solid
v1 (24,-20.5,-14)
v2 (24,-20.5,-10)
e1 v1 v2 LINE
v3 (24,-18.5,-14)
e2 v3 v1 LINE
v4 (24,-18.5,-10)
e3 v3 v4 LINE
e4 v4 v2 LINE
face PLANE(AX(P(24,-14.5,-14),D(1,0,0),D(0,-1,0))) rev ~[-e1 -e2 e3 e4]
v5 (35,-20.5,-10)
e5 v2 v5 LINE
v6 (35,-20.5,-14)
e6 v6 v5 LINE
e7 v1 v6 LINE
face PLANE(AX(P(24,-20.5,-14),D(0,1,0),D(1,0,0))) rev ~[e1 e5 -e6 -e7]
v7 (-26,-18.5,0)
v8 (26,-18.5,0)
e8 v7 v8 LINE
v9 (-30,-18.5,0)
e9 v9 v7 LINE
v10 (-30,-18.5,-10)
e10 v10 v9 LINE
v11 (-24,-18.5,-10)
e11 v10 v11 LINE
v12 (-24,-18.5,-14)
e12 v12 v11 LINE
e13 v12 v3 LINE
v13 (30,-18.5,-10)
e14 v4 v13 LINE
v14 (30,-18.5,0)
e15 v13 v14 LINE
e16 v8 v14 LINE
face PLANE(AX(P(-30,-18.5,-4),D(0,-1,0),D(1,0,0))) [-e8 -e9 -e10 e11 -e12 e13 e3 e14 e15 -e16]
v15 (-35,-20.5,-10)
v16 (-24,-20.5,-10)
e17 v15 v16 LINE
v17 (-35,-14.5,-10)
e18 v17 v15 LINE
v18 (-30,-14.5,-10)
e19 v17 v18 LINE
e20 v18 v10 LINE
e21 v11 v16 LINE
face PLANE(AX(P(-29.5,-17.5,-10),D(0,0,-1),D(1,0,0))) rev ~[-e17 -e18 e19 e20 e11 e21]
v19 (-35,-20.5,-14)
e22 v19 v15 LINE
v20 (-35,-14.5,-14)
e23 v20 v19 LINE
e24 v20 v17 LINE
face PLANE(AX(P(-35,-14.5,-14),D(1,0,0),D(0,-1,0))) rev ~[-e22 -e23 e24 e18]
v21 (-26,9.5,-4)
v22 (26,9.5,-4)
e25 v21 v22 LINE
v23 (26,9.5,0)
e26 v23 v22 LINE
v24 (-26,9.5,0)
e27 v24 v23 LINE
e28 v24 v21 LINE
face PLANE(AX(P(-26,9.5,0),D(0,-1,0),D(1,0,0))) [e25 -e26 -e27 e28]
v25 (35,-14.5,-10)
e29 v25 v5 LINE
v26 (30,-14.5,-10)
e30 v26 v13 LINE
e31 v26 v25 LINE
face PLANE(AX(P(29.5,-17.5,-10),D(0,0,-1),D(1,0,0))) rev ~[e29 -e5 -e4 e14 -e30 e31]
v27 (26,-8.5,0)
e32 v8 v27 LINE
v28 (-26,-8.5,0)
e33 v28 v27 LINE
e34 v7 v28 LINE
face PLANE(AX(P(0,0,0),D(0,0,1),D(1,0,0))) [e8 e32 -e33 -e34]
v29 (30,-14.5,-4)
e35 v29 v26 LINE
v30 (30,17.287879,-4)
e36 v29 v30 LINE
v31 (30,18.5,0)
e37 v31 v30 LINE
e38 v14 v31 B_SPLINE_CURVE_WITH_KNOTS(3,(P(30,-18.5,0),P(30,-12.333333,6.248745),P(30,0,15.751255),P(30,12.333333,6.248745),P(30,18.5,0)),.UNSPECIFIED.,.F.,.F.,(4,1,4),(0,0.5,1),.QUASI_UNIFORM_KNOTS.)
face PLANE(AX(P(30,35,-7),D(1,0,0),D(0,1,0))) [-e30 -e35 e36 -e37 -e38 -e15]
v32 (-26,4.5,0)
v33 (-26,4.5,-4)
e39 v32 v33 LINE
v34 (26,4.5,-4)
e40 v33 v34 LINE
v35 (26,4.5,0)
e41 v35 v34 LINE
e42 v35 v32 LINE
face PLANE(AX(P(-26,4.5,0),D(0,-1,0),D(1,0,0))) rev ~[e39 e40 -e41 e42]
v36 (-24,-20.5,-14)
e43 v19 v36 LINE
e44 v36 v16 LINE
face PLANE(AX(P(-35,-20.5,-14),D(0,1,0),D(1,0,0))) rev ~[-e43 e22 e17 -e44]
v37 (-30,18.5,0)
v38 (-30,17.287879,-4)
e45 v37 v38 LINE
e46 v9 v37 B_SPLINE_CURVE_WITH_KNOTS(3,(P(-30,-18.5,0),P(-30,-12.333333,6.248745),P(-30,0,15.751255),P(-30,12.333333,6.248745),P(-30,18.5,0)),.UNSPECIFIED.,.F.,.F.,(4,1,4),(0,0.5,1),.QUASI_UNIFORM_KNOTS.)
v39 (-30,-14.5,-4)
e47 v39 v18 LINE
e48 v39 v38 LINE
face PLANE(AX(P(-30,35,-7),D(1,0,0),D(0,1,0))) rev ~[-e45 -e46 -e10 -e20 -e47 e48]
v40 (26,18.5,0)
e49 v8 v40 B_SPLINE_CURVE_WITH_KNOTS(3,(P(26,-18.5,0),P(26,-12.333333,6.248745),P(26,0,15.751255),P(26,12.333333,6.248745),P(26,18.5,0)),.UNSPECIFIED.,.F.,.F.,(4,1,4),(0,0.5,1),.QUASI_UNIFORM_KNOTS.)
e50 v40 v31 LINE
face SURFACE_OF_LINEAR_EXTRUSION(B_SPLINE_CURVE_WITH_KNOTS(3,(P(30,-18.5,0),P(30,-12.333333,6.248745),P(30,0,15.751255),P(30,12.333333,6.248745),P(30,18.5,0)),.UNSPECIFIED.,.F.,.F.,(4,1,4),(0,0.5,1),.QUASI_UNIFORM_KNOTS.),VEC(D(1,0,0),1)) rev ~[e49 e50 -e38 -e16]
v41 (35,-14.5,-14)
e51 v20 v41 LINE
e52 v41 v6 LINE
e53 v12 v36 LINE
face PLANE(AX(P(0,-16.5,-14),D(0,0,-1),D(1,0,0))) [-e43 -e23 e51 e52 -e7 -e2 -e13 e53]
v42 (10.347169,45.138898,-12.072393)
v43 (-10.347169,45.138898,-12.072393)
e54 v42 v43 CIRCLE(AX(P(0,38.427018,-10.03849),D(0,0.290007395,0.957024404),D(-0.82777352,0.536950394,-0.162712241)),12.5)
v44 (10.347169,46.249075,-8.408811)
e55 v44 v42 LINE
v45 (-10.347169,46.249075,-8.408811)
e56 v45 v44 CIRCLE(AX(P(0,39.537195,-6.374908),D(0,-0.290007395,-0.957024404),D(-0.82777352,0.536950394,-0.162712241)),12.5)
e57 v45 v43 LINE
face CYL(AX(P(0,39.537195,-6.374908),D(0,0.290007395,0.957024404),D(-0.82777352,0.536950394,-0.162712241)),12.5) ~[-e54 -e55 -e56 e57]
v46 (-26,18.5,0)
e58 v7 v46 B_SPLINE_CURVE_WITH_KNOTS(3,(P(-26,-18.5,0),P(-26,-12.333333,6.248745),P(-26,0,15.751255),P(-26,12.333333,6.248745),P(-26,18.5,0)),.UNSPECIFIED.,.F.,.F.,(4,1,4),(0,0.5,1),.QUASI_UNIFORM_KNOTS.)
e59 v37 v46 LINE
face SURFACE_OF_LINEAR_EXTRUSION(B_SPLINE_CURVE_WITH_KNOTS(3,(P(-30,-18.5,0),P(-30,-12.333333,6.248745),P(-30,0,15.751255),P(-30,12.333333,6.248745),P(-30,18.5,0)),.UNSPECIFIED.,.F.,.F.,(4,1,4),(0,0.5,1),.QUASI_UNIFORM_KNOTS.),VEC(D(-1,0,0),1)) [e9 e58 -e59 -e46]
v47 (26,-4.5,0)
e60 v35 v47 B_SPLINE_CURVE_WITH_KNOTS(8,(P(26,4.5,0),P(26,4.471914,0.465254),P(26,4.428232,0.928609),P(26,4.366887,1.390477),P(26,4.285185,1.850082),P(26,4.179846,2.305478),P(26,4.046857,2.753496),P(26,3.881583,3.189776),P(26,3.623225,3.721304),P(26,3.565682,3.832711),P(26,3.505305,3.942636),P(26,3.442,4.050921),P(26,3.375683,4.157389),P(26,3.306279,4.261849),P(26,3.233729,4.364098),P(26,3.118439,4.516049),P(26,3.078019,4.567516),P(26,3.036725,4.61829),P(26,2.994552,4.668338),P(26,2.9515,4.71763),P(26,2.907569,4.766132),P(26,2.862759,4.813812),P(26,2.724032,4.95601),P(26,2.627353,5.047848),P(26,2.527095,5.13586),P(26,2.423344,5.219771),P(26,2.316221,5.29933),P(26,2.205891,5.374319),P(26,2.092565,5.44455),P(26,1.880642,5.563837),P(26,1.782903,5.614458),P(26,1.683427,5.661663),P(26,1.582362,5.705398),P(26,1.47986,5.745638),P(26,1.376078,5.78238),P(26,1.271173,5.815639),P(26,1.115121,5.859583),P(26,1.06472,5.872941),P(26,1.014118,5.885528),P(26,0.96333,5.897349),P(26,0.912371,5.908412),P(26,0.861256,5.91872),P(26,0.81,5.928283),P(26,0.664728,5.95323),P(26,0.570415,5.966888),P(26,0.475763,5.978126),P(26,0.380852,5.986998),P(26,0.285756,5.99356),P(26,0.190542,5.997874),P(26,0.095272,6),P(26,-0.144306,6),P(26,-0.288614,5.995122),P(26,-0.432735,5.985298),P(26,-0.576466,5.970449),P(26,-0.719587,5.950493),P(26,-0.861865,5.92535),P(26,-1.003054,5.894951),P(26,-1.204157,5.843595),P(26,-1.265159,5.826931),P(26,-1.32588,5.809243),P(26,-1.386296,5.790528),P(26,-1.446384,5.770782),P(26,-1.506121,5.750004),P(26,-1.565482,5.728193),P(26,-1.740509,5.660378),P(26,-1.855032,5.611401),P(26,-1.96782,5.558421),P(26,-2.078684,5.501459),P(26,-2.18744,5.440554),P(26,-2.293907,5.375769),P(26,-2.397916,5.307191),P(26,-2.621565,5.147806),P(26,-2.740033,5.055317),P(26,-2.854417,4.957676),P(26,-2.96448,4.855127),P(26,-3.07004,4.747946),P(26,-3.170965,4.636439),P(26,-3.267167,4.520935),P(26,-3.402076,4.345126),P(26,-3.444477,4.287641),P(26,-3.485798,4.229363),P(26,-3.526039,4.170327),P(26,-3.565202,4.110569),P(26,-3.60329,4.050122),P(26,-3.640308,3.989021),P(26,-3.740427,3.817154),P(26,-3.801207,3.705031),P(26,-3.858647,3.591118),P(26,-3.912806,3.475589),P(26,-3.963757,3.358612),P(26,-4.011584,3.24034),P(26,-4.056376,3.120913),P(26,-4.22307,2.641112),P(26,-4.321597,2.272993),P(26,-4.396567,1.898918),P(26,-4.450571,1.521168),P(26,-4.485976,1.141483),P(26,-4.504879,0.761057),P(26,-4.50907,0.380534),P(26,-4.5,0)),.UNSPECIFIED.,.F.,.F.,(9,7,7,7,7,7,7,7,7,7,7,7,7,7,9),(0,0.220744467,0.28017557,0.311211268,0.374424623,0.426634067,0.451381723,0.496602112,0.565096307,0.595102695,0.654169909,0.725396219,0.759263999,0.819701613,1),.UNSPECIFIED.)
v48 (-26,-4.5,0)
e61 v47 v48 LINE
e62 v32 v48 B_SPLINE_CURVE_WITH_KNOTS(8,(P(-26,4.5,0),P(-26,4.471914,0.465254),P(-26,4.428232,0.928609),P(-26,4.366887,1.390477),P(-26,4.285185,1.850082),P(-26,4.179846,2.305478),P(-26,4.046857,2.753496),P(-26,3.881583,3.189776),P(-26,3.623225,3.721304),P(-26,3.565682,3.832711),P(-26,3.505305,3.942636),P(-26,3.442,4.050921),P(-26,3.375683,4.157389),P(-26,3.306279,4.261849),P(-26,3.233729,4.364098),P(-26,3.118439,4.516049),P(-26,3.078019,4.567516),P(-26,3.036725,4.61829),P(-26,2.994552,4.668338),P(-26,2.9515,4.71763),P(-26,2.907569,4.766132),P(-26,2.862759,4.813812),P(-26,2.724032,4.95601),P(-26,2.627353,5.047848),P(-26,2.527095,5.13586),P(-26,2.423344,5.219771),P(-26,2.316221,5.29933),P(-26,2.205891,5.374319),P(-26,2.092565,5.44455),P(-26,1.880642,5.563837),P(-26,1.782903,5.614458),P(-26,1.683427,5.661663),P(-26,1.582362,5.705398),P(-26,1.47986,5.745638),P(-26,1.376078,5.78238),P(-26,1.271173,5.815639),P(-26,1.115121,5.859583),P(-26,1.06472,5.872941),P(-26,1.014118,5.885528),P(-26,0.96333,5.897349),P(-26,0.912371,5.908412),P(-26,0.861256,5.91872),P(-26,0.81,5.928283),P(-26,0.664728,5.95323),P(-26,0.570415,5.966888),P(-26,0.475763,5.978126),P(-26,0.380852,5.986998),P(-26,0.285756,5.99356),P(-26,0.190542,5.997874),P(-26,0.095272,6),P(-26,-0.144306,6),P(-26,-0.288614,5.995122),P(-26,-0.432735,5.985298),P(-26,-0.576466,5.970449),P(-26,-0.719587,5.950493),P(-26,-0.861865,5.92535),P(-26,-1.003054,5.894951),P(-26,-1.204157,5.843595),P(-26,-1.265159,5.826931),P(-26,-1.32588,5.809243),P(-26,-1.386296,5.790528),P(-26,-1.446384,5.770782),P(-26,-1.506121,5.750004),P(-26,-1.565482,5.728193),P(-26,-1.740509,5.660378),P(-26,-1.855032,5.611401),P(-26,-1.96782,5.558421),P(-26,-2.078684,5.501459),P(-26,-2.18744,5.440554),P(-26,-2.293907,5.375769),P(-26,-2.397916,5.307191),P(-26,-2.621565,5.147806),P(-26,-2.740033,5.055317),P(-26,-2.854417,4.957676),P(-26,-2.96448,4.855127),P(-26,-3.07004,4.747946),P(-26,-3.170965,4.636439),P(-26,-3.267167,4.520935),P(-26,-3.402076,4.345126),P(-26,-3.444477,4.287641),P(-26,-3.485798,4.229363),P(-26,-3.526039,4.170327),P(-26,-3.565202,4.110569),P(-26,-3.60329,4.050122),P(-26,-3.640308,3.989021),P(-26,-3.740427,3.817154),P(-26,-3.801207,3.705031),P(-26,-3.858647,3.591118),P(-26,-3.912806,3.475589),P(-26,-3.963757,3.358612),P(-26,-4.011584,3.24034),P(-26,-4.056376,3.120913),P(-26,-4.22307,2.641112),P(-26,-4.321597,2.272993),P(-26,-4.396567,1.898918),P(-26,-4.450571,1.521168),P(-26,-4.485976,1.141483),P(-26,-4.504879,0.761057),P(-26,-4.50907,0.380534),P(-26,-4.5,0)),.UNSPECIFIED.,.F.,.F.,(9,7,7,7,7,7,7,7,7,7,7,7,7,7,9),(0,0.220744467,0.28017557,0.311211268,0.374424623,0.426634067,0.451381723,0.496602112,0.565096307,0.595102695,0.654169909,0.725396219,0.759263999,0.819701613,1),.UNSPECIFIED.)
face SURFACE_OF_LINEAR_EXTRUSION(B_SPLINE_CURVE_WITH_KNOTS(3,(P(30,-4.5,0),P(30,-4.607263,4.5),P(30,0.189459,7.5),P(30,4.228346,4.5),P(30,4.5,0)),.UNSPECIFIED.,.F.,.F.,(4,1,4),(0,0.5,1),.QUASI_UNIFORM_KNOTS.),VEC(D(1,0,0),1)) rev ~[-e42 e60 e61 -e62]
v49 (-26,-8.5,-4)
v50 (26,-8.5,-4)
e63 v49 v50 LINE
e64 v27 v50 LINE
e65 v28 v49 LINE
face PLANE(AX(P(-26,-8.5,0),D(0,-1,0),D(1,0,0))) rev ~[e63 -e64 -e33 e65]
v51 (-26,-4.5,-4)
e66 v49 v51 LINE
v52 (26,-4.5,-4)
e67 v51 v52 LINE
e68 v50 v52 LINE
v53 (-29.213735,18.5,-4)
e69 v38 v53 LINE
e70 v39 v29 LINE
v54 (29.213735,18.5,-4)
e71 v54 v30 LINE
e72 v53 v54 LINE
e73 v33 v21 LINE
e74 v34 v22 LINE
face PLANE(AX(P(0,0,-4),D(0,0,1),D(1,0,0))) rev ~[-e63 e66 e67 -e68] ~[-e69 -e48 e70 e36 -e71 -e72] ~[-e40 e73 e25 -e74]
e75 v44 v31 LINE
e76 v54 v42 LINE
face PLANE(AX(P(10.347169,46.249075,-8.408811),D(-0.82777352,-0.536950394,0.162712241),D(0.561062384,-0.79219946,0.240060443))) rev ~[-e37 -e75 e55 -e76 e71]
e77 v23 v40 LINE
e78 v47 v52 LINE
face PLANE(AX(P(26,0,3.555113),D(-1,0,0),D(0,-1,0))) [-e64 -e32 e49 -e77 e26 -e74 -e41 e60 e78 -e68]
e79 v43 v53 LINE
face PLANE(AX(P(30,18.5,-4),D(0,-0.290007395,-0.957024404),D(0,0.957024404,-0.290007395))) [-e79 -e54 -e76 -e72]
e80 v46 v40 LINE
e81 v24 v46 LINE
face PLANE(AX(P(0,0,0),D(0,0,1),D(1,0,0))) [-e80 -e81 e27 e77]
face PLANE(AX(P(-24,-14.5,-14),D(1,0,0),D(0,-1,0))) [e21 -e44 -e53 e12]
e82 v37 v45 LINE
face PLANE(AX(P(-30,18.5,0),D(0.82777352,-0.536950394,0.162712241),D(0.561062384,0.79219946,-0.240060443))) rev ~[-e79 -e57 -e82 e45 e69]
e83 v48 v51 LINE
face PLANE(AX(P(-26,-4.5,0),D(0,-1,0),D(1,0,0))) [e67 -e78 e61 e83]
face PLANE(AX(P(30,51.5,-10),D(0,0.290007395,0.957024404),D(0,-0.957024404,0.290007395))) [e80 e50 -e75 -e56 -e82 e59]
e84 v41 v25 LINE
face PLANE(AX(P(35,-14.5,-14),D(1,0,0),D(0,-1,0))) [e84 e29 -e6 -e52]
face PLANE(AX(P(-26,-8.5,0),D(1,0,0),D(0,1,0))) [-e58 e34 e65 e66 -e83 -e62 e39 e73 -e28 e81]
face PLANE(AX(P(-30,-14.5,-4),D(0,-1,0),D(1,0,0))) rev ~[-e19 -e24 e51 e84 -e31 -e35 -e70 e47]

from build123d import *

# Parameters (mm, degrees)
F0_W      = 60
F0_H      = 37
F1_DEPTH  = 4
F3_DEPTH  = 4
F6_DEPTH  = 60
F8_W      = 52
F8_H      = 5
F7_W      = 52
F7_H      = 4
F9_DEPTH  = 25
F10_W     = 60
F10_H     = 4
F11_DEPTH = 10
F12_W     = 11
F12_H     = 6
F13_DEPTH = 4
F15_DEPTH = 60
F17_DEPTH = 25


with BuildPart() as f1:
    # F0 (on Top) → F1 (new body)
    with BuildSketch(Plane.XY):
        Rectangle(F0_W, F0_H)
    extrude(amount=-F1_DEPTH)

    # F4: F3 across plane


with BuildPart() as f3:
    # F2 (on face) → F3 (new body)
    with BuildSketch(Plane.YZ.offset(30)):
        with BuildLine():
            add(Edge.make_bspline(
                [(-18.5, 0), (-12.3333333333, 6.2487446703), (0, 15.7512553297), (12.3333333333, 6.2487446703), (18.5, 0)],
                knots=[0, 0, 0, 0, 0.5, 1, 1, 1, 1], degree=3))
            Line((-18.5, 0), (18.5, 0))
        make_face()
    extrude(amount=-F3_DEPTH)


with BuildPart() as f1_1:
    add(f1.part)
    add(f3.part.mirror(Plane.YZ))


    add(f3.part)  # F6 merges F3
    # F5 (on face) → F6 (join, through all)
    with BuildSketch(Plane.YZ.offset(30)):
        with BuildLine():
            add(Edge.make_bspline(
                [(-4.5, 0), (-4.6072629509, 4.5), (0.1894585205, 7.5), (4.22834591, 4.5), (4.5, 0)],
                knots=[0, 0, 0, 0, 0.5, 1, 1, 1, 1], degree=3))
            Line((-4.5, 0), (4.5, 0))
        make_face()
    extrude(amount=-F6_DEPTH)

    # F8 (on face) + F7 (on face) → F9 (cut)
    with BuildSketch(Plane.XY):
        with Locations((0, 7)):
            Rectangle(F8_W, F8_H)
    with BuildSketch(Plane.XY):
        with Locations((0, -6.5)):
            Rectangle(F7_W, F7_H)
    extrude(amount=-F9_DEPTH, mode=Mode.SUBTRACT)

    # F10 (on face) → F11 (join)
    with BuildSketch(Plane(origin=(0, 0, -4), x_dir=(1, 0, 0), z_dir=(0, 0, -1))):
        with Locations((0, 16.5)):
            Rectangle(F10_W, F10_H)
    extrude(amount=F11_DEPTH)

    # F12 (on face) → F13 (join)
    with BuildSketch(Plane(origin=(0, 0, -14), x_dir=(1, 0, 0), z_dir=(0, 0, -1))):
        with Locations((29.5, 17.5)):
            Rectangle(F12_W, F12_H)
        with Locations((-29.5, 17.5)):
            Rectangle(F12_W, F12_H)
    extrude(amount=-F13_DEPTH)

    # F14 (on face) → F15 (join, through all)
    with BuildSketch(Plane.YZ.offset(30)):
        Polygon((18.5, 0), (18.5, -4), (51.5, -14), (51.5, -10), align=None)
    extrude(amount=-F15_DEPTH)

    # F16 (on face) → F17 (cut)
    with BuildSketch(Plane(origin=(0, 1.5559293524, 5.1345668629), x_dir=(1, 0, 0), z_dir=(0, 0.2900073953, 0.9570244044))):
        with BuildLine():
            ThreePointArc((-10.3471690042, 46.7001105844), (0, 52.1868307812), (10.3471690042, 46.7001105844))
            Line((10.3471690042, 46.7001105844), (30, 17.704951482))
            Line((30, 17.704951482), (30, 52.1868307812))
            Line((30, 52.1868307812), (30, 58.4787502885))
            Line((30, 58.4787502885), (-30, 58.4787502885))
            Line((-30, 58.4787502885), (-30, 52.1868307812))
            Line((-30, 52.1868307812), (-30, 17.704951482))
            Line((-30, 17.704951482), (-10.3471690042, 46.7001105844))
        make_face()
    extrude(amount=-F17_DEPTH, mode=Mode.SUBTRACT)


solid = f1_1.part
